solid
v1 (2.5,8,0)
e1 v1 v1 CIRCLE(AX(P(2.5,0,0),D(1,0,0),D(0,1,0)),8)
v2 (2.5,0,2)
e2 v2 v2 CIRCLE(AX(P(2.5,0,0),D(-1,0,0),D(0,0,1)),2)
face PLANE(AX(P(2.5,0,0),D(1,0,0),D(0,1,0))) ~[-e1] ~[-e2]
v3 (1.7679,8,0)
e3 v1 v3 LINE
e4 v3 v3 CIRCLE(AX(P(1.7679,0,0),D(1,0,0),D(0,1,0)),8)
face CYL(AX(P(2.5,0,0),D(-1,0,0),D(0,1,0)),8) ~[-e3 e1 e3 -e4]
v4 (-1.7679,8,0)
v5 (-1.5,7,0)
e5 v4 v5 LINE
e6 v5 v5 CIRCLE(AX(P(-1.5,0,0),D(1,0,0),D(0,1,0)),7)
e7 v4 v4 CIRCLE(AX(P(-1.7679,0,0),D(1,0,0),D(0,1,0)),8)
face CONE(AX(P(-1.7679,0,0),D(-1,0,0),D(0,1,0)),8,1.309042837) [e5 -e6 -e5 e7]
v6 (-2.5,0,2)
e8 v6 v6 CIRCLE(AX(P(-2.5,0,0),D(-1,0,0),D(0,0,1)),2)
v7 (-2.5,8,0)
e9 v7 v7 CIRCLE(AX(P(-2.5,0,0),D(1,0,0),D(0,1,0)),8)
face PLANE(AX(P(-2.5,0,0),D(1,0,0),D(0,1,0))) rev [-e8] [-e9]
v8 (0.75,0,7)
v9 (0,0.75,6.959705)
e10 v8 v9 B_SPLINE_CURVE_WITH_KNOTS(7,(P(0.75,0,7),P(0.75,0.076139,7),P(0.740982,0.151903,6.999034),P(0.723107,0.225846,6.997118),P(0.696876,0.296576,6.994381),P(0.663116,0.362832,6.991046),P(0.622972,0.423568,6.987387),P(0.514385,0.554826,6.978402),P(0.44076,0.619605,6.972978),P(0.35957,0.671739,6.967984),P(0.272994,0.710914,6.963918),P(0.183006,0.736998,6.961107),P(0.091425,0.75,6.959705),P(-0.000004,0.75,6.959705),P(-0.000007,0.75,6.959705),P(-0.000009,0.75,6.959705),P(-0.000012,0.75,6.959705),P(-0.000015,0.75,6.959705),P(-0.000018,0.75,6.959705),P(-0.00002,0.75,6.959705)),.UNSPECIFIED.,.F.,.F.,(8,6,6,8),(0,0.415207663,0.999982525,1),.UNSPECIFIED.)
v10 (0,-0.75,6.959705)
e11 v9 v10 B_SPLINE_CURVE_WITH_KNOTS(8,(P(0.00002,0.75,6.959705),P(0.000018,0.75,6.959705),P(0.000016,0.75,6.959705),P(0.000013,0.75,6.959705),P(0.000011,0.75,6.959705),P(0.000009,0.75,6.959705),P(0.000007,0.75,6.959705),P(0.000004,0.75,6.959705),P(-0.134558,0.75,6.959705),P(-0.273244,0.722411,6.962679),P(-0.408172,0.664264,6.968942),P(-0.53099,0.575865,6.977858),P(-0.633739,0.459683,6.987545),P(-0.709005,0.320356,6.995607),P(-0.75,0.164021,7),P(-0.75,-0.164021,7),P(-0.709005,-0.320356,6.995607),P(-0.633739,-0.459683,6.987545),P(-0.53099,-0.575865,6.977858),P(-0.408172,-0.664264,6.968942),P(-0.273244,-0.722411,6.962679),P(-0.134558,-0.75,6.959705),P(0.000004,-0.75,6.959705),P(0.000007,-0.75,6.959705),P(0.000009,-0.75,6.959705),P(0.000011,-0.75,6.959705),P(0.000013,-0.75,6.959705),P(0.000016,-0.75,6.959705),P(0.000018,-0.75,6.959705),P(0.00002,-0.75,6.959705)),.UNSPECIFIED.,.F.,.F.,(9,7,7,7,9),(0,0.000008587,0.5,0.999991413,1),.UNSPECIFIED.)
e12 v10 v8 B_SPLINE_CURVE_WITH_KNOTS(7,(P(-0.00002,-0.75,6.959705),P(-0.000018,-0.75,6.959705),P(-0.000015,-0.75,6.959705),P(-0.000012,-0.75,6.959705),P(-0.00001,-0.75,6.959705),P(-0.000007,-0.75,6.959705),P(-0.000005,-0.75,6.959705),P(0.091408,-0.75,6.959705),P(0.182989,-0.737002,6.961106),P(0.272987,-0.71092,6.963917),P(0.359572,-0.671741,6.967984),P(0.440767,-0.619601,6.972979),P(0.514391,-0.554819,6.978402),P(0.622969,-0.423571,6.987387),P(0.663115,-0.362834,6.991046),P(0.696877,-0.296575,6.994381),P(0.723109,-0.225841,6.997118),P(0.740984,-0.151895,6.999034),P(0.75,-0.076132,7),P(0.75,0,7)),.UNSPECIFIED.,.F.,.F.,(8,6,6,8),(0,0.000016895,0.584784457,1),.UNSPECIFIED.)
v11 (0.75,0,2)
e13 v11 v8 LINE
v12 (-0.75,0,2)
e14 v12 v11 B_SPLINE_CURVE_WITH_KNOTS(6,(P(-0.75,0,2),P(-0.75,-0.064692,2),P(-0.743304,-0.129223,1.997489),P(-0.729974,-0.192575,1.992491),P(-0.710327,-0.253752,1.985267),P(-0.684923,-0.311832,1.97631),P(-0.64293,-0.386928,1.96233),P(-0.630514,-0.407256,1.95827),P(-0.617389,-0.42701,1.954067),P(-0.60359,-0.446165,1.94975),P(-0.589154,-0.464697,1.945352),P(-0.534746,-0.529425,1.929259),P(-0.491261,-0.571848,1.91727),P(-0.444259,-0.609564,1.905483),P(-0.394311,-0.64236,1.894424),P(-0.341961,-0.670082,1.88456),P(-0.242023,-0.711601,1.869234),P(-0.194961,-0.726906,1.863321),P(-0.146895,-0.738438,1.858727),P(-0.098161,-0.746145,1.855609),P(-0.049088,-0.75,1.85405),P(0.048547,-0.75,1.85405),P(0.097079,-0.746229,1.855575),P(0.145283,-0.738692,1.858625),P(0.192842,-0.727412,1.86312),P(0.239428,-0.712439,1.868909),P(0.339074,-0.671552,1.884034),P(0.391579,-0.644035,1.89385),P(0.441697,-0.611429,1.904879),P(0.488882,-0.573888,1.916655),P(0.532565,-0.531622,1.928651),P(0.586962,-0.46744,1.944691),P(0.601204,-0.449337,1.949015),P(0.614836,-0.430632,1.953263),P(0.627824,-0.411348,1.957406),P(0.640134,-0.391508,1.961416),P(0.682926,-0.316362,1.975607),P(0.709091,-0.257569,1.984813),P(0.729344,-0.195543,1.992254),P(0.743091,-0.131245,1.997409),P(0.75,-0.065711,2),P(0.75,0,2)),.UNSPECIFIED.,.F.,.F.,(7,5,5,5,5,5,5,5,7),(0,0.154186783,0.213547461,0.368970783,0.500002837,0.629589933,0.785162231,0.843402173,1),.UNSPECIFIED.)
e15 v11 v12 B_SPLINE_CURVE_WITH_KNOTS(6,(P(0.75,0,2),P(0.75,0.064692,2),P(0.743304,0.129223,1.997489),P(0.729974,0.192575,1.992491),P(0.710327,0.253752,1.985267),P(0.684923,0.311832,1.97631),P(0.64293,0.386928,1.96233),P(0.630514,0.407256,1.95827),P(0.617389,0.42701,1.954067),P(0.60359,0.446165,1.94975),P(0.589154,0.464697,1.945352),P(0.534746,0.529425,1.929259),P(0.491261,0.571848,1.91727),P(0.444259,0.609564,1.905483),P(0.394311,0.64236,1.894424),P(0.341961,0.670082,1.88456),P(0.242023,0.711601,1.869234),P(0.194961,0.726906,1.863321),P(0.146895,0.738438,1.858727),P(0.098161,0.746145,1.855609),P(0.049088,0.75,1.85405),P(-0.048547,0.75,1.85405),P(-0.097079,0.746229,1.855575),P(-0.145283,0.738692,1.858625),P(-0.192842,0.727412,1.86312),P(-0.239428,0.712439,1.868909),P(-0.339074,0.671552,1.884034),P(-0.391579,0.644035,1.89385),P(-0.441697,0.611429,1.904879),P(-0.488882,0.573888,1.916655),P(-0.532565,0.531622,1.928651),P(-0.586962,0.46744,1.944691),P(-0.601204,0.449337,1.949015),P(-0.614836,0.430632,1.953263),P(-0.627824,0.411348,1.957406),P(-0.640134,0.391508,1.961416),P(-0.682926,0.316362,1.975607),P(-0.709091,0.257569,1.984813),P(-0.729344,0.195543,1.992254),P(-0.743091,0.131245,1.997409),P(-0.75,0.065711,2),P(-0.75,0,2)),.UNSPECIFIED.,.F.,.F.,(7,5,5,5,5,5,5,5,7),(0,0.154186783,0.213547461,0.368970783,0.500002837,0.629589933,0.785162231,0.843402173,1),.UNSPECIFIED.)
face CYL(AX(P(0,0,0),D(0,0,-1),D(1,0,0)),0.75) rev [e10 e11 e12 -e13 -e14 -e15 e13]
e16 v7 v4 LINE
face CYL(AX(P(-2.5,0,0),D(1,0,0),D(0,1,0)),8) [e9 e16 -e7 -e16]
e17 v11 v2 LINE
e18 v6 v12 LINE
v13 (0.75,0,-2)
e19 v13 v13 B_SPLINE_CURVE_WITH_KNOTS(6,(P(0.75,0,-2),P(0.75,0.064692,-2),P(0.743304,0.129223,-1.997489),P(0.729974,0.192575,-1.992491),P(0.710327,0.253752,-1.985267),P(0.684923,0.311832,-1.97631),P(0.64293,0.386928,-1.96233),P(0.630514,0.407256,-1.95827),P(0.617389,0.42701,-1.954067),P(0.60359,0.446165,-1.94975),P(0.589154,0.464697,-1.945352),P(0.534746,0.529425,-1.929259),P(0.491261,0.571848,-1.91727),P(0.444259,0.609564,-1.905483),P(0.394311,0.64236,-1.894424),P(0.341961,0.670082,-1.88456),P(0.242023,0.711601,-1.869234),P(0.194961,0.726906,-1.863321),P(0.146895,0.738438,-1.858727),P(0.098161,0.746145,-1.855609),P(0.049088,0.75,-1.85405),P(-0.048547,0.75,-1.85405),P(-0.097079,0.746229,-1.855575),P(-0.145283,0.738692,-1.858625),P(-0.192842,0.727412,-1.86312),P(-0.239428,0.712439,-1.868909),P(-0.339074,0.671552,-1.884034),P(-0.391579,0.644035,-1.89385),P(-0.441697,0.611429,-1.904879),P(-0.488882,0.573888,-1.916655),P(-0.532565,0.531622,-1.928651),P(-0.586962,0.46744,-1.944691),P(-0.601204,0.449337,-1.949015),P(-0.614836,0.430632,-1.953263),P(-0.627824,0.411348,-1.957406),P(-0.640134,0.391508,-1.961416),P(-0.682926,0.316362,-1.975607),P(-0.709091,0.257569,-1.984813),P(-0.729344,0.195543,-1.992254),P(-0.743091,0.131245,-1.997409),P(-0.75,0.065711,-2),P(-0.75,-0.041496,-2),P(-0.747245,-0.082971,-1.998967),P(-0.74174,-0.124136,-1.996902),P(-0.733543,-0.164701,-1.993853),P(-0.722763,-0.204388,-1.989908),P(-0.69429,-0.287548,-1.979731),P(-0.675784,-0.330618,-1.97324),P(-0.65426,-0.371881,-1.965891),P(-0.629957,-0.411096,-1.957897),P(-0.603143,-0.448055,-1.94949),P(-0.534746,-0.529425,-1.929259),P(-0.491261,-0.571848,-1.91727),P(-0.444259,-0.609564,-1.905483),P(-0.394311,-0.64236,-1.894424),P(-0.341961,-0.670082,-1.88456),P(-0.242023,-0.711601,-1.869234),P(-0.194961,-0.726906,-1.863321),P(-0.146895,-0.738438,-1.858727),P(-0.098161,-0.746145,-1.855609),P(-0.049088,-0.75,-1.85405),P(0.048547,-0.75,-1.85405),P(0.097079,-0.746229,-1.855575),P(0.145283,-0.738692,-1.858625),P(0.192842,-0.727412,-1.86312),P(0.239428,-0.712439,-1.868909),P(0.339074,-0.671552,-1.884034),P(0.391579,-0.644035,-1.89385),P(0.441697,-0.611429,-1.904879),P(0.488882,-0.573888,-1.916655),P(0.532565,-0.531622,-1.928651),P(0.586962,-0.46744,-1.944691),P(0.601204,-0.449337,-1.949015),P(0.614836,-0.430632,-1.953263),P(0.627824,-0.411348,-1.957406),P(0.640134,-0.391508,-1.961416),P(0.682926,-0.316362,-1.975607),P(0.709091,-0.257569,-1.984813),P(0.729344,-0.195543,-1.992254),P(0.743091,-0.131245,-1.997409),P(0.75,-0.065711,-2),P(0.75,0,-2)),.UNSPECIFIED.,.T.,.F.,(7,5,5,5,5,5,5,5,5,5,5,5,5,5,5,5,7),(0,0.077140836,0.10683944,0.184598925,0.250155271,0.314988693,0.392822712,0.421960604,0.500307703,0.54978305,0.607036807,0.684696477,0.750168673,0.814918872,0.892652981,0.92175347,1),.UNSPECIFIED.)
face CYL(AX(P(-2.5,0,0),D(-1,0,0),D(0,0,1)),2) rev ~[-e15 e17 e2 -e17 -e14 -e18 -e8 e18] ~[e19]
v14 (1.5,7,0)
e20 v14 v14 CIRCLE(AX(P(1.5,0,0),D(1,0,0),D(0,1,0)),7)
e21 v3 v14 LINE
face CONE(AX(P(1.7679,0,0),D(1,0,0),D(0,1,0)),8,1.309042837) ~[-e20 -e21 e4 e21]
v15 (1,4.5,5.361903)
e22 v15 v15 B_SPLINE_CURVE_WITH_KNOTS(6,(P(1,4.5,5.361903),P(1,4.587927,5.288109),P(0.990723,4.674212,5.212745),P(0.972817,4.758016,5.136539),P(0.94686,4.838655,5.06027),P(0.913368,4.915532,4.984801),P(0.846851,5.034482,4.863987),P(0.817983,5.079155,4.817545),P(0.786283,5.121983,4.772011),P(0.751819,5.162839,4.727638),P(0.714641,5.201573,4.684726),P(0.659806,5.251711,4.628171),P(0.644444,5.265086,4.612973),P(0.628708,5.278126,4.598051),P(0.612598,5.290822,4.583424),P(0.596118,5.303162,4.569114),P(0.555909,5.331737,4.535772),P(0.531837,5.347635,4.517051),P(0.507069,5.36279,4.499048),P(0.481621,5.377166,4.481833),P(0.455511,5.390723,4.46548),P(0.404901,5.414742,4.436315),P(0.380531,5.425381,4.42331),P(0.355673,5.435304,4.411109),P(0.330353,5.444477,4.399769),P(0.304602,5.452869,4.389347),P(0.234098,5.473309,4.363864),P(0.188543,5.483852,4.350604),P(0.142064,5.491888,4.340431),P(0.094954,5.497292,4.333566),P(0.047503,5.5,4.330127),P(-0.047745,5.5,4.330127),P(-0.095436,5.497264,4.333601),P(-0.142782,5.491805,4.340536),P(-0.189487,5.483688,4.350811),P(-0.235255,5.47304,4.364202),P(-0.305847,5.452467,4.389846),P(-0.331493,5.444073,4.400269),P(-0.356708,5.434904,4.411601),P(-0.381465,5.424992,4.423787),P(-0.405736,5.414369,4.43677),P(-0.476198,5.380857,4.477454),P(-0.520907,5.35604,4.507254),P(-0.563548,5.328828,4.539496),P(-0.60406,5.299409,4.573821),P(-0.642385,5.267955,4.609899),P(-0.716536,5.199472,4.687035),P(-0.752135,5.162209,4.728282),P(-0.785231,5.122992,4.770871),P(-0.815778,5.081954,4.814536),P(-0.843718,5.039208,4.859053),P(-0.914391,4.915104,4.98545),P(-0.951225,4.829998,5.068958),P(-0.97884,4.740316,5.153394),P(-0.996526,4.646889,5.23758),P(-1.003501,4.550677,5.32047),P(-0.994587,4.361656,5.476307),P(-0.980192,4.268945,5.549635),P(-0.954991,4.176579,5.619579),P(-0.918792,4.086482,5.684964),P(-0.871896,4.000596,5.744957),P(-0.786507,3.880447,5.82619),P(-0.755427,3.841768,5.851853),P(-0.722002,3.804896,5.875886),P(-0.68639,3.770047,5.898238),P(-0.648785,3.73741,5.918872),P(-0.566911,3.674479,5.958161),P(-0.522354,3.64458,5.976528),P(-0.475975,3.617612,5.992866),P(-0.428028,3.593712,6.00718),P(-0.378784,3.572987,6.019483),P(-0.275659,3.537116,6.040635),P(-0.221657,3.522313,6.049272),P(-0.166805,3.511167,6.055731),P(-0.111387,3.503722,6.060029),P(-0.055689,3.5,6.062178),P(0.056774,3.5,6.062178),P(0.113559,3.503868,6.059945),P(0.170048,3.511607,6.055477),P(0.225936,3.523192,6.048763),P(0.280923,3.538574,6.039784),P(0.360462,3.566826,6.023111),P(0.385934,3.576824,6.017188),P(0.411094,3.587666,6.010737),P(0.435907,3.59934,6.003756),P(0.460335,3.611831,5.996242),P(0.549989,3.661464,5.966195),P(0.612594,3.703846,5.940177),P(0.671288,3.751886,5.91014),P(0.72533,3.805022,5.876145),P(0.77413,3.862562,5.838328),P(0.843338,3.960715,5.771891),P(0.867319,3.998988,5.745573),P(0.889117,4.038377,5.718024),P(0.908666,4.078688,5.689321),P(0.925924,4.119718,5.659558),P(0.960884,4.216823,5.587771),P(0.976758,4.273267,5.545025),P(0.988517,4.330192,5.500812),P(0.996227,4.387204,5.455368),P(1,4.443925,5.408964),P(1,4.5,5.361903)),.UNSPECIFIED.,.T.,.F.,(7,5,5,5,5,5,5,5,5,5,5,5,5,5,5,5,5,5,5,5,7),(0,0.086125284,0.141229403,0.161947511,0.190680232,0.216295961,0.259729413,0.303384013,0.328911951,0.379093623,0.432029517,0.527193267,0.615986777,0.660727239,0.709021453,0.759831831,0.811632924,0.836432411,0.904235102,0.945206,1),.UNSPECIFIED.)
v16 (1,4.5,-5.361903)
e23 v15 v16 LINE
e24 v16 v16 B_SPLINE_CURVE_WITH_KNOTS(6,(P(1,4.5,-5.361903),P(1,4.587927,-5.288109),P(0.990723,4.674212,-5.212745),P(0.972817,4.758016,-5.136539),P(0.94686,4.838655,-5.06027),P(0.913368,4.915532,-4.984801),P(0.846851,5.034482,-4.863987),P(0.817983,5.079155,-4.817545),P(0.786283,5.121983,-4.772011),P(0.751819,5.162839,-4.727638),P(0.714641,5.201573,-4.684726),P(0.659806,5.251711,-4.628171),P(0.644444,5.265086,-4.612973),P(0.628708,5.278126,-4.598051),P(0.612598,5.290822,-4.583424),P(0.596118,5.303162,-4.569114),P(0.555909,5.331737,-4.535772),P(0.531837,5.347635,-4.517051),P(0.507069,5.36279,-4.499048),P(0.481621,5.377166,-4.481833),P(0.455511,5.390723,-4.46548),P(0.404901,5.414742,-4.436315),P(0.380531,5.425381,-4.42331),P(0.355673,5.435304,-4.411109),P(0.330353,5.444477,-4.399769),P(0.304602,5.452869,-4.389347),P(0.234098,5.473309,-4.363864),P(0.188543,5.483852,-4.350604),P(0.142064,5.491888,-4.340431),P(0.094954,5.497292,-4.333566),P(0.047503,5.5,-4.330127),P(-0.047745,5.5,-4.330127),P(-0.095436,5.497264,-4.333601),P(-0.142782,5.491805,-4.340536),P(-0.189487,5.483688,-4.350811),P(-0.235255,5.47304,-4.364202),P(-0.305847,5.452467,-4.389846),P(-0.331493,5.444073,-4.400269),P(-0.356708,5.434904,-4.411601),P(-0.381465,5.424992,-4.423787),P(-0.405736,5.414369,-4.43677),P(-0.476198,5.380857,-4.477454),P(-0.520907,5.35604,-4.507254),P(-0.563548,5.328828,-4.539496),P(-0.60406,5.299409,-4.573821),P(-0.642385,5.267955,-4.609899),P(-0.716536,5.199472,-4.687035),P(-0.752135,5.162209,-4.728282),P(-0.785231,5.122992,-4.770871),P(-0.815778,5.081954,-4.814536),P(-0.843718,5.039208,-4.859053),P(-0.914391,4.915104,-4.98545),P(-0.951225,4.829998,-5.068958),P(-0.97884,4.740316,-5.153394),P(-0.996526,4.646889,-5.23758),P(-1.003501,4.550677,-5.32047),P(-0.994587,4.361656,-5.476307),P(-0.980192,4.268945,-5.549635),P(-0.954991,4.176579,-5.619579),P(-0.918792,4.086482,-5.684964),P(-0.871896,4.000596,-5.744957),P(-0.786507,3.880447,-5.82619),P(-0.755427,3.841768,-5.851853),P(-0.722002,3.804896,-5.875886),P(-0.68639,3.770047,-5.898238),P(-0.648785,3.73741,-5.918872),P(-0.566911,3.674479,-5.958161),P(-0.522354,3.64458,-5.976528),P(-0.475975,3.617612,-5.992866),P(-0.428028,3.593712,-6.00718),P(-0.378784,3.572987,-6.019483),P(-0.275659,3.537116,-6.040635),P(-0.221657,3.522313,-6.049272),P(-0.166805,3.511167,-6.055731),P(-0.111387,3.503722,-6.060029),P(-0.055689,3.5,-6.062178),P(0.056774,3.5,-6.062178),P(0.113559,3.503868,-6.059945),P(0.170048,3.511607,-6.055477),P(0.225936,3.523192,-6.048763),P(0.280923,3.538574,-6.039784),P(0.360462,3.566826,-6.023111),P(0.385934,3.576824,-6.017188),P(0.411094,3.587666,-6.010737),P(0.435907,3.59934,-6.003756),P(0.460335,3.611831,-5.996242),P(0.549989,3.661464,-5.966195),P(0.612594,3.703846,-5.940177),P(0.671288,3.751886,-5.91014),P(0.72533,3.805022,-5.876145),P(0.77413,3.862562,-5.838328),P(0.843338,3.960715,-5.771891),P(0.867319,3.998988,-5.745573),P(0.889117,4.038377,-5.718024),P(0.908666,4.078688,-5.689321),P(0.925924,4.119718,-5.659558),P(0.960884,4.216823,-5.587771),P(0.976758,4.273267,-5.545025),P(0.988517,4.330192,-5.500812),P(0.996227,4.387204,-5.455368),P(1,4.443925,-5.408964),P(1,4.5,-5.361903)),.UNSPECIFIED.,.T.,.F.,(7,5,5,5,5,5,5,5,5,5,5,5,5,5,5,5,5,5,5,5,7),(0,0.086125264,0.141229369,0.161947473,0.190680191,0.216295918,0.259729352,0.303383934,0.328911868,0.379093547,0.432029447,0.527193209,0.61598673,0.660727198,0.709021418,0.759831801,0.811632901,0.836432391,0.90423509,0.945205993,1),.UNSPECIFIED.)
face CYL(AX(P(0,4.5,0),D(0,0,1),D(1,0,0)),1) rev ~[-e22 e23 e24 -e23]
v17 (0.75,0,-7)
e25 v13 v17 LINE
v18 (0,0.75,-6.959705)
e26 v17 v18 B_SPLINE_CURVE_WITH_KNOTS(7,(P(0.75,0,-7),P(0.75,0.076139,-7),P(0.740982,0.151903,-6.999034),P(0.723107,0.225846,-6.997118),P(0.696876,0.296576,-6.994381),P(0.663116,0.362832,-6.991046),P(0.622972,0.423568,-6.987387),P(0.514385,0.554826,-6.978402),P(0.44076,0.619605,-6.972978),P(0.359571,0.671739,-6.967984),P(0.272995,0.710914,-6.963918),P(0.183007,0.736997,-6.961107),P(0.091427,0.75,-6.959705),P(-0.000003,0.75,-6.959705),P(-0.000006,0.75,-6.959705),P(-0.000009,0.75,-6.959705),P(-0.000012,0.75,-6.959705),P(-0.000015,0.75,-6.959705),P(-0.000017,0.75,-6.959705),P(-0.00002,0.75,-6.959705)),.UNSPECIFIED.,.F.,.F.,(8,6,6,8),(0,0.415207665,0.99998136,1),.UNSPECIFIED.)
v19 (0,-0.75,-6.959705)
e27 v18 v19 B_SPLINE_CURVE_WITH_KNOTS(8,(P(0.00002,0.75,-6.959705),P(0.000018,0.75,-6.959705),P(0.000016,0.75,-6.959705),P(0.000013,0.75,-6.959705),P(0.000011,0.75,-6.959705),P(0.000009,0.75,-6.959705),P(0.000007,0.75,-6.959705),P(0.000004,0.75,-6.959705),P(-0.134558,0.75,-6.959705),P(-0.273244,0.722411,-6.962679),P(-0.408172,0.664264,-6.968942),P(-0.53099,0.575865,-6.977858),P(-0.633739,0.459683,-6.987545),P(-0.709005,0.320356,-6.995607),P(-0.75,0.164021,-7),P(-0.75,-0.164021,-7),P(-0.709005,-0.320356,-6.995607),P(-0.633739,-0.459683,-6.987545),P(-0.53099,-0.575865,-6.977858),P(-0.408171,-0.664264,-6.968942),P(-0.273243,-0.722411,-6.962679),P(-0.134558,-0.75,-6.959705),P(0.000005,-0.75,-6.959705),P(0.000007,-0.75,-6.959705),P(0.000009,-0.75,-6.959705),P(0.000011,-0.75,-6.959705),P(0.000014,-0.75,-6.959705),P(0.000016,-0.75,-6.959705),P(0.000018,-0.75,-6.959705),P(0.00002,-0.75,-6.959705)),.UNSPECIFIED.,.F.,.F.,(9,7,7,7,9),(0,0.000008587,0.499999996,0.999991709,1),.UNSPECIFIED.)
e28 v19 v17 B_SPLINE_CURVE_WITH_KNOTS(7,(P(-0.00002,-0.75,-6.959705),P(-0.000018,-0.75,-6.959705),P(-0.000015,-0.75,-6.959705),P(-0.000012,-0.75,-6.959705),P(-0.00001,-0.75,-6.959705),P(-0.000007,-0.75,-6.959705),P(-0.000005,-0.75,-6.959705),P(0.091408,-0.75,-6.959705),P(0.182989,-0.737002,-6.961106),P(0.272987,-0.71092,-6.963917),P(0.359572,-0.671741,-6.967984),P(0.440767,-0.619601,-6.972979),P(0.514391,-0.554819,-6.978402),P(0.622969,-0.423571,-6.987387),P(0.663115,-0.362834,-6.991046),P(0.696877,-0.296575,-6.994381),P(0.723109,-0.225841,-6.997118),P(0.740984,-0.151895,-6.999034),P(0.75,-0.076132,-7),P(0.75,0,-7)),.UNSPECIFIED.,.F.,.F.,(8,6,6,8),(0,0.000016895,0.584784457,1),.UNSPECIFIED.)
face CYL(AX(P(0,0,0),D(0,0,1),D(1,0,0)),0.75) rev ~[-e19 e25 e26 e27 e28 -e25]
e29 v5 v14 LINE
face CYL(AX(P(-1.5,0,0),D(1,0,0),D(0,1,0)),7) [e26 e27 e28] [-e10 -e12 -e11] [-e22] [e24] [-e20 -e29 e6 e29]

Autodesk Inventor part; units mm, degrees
ref_plane "YZ Plane" through (0, 0, 0) normal (1, 0, 0) x (0, 1, 0)
ref_plane "XZ Plane" through (0, 0, 0) normal (0, 1, 0) x (-1, 0, 0)
ref_plane "XY Plane" through (0, 0, 0) normal (0, 0, 1) x (1, 0, 0)
sketch "Sketch1" plane through (0, 0, 0) normal (0, 0, 1) x (1, 0, 0)
  line L0 (-2.5, 0) -> (-2.5, 8)
  line L1 (-2.5, 8) -> (-1.7679, 8)
  line L2 (-1.7679, 8) -> (-1.5, 7)
  line L3 (-1.5, 7) -> (0, 7)
  line L4 (0, 0) -> (0, 14.5205) construction
  line L5 (-2.5, 0) -> (2.5, 0)
  line L6 (2.5, 0) -> (2.5, 8)
  line L7 (2.5, 8) -> (1.7679, 8)
  line L8 (1.7679, 8) -> (1.5, 7)
  line L9 (1.5, 7) -> (0, 7)
  dimension "d0" = 5
  dimension "d1" = 16
  dimension "d2" = 14
  dimension "d3" = 3
  dimension "d4" = 15
revolve "Revolution1" add sketch "Sketch1" angle 360 about axis through (-2.5, 0, 0) along (1, 0, 0)
sketch "Sketch2" plane through (0, 0, 0) normal (0, 0, 1) x (1, 0, 0)
  circle A0 centre (0, 0) radius 0.75
  dimension "d6" = 1.5
extrude "Extrusion1" cut sketch "Sketch2" along normal blind 10 and the other way blind 10
sketch "Sketch4" plane through (-2.5, 0, 0) normal (-1, 0, 0) x (0, 0, 1)
  circle A0 centre (0, 0) radius 2
  dimension "d18" = 4
extrude "Extrusion2" cut sketch "Sketch4" against normal through all
sketch "Sketch7" plane through (0, 0, 0) normal (0, 0, 1) x (1, 0, 0)
  circle A0 centre (0, 4.5) radius 1
  point P0 (0, 0)
  dimension "d32" = 2
  dimension "d33" = 4.5
extrude "Extrusion3" cut sketch "Sketch7" along normal through all both and the other way through all
properties part number "spool v2"
